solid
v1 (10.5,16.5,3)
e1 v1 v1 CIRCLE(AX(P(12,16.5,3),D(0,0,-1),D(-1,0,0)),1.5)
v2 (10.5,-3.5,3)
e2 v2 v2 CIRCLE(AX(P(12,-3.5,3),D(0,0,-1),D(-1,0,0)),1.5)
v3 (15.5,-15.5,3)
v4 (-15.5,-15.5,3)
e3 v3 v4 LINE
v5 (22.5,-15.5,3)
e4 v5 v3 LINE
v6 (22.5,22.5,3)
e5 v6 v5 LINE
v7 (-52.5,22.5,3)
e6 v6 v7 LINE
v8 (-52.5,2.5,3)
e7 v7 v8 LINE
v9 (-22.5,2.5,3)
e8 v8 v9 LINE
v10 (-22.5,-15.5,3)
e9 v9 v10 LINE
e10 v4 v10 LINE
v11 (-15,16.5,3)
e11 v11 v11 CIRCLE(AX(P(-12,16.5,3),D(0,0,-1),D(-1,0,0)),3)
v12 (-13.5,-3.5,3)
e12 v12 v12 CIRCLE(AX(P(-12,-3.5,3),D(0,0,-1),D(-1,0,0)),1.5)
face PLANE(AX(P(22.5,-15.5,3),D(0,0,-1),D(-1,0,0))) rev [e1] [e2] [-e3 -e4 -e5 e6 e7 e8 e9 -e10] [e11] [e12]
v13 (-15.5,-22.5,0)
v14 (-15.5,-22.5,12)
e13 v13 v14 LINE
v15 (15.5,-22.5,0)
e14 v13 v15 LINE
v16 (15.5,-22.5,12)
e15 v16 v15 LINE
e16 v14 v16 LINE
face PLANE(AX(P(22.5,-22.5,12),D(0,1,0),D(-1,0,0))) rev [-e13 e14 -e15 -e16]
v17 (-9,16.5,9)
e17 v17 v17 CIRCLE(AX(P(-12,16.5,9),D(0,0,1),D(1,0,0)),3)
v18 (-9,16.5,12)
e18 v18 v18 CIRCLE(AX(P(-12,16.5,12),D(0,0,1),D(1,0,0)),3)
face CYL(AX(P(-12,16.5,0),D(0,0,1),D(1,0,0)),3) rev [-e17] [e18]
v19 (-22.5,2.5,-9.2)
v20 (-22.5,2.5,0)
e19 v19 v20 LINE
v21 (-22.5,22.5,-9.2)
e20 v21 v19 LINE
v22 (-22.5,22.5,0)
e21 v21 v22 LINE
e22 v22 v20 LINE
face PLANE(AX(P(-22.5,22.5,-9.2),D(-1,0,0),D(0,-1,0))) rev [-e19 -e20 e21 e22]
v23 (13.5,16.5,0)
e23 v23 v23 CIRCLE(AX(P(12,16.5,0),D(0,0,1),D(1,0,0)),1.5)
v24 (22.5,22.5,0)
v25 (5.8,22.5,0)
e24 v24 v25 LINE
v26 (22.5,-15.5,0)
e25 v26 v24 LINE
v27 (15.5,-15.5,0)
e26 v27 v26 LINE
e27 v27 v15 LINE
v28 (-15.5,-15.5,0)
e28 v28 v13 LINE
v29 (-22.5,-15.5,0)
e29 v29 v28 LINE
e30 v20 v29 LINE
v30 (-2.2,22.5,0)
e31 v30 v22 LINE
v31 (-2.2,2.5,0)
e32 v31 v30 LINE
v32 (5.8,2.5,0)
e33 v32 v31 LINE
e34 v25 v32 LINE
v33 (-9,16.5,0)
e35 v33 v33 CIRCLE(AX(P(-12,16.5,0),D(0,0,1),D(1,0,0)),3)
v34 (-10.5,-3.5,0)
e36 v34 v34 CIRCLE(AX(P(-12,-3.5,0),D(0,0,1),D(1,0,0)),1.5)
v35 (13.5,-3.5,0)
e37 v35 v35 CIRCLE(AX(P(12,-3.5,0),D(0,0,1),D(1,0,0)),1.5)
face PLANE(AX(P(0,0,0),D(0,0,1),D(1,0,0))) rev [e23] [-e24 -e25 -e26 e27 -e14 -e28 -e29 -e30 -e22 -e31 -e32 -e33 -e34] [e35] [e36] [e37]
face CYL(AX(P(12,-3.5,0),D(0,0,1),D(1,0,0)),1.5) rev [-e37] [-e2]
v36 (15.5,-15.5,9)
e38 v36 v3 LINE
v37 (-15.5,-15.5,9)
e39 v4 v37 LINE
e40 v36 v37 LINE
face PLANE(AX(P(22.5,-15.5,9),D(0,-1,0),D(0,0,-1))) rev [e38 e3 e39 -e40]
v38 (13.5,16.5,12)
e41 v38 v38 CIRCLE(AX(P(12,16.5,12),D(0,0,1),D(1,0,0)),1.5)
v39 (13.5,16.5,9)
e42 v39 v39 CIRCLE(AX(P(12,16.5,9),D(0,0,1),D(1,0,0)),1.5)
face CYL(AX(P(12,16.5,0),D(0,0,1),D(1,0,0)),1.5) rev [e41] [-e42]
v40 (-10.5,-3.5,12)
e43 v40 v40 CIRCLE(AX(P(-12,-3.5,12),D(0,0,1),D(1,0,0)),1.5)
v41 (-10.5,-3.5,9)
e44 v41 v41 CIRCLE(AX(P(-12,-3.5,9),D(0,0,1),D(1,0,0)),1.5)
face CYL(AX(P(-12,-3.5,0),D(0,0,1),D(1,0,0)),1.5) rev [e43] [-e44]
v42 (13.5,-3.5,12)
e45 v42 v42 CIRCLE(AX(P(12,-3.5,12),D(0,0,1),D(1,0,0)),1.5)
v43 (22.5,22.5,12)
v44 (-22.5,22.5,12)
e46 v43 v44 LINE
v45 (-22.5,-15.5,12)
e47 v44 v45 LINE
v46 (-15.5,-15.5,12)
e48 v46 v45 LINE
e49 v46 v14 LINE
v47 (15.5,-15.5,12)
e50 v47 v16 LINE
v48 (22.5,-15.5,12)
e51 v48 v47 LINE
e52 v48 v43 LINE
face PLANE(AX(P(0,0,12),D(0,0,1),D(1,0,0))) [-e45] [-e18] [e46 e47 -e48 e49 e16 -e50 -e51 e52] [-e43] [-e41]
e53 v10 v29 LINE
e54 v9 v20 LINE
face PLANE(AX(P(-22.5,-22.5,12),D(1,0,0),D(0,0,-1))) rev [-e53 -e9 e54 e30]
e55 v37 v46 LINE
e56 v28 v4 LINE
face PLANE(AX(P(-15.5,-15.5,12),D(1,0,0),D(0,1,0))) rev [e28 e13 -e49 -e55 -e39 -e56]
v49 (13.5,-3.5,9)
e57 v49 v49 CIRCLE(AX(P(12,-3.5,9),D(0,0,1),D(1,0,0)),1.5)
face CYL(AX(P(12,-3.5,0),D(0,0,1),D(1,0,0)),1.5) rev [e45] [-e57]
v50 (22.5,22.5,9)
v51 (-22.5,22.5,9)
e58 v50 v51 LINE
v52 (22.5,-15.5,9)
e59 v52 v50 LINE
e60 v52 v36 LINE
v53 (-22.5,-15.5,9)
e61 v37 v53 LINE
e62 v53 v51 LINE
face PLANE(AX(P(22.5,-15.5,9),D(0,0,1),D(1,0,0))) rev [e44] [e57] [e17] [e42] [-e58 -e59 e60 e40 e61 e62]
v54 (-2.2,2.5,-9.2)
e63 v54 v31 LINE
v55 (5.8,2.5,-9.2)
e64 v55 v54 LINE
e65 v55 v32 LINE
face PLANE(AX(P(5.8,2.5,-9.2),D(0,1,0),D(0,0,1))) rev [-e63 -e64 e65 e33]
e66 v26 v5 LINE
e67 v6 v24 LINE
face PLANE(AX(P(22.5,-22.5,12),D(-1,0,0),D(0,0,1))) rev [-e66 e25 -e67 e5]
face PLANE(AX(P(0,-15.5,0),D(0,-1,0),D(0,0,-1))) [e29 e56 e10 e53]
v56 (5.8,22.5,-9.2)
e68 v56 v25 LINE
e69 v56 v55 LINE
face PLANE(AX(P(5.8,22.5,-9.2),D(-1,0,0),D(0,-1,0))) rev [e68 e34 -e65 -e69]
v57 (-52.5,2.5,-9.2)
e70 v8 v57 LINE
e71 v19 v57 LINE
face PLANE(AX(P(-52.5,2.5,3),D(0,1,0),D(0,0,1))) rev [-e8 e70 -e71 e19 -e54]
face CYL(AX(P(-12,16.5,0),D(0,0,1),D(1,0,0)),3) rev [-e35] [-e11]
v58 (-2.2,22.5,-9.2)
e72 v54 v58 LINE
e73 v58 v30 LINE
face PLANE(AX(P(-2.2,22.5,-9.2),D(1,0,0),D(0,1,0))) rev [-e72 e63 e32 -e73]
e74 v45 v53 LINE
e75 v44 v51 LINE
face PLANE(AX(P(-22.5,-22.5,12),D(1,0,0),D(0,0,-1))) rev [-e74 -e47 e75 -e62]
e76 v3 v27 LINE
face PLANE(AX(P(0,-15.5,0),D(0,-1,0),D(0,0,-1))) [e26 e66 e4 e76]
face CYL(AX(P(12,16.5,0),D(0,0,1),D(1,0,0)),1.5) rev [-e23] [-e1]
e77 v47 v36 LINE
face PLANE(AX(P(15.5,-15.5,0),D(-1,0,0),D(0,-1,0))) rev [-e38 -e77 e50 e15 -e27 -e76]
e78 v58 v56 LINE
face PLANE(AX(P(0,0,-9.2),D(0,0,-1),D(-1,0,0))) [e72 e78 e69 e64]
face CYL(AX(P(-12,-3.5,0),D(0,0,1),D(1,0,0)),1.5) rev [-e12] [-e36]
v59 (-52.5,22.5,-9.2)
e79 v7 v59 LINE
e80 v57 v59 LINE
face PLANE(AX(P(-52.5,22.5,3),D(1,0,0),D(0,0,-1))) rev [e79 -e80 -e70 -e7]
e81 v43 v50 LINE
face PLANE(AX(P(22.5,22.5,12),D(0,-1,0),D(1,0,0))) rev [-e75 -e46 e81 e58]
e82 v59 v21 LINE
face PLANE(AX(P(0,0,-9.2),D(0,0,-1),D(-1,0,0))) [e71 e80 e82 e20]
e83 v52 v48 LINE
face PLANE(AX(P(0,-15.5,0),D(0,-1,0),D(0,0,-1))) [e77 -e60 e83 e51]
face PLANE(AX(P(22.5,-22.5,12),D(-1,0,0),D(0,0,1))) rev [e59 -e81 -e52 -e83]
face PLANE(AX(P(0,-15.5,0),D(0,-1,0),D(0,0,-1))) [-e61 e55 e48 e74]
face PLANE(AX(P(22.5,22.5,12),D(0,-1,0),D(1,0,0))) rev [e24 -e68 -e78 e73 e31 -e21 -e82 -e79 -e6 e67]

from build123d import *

# Parameters (mm, degrees)
SKETCH_1_W          = 45
SKETCH_1_H          = 45
EXTRUDE_1_DEPTH     = 12
SKETCH_2_W          = 6
SKETCH_2_H          = 38
CUT_EXTRUDE_1_DEPTH = 52.722818949
SKETCH_3_R          = 3
SKETCH_3_R_2        = 1.5
CUT_EXTRUDE_2_DEPTH = 35.007352146
SKETCH_4_R          = 1.5
CUT_EXTRUDE_3_DEPTH = 35.007352146
SKETCH_6_W          = 7
SKETCH_6_H          = 12
CUT_EXTRUDE_4_DEPTH = 7
SKETCH_7_W          = 30
SKETCH_7_H          = 20
SKETCH_7_W_2        = 8
EXTRUDE_2_DEPTH     = 9.2
SKETCH_9_W          = 30
SKETCH_9_H          = 20
EXTRUDE_4_DEPTH     = 3


with BuildPart() as part:
    # 草图1 → 凸台-拉伸1 (new body)
    with BuildSketch(Plane.XY):
        Rectangle(SKETCH_1_W, SKETCH_1_H)
    extrude(amount=EXTRUDE_1_DEPTH)

    # 草图2 → 切除-拉伸1 (cut, through all)
    with BuildSketch(Plane.ZY.offset(22.5)):
        with Locations((6, 3.5)):
            Rectangle(SKETCH_2_W, SKETCH_2_H)
    extrude(amount=-CUT_EXTRUDE_1_DEPTH, mode=Mode.SUBTRACT)

    # 草图3 → 切除-拉伸2 (cut, through all)
    with BuildSketch(Plane.XY.offset(12)):
        with Locations((-12, 16.5)):
            Circle(SKETCH_3_R)
        with Locations((12, 16.5)):
            Circle(SKETCH_3_R_2)
    extrude(amount=-CUT_EXTRUDE_2_DEPTH, mode=Mode.SUBTRACT)

    # 草图4 → 切除-拉伸3 (cut, through all)
    with BuildSketch(Plane.XY.offset(12)):
        with Locations((-12, -3.5)):
            Circle(SKETCH_4_R)
        with Locations((12, -3.5)):
            Circle(SKETCH_4_R)
    extrude(amount=-CUT_EXTRUDE_3_DEPTH, mode=Mode.SUBTRACT)

    # 草图6 → 切除-拉伸4 (cut)
    with BuildSketch(Plane.XZ.offset(22.5)):
        with Locations((-19, 6)):
            Rectangle(SKETCH_6_W, SKETCH_6_H)
        with Locations((19, 6)):
            Rectangle(SKETCH_6_W, SKETCH_6_H)
    extrude(amount=-CUT_EXTRUDE_4_DEPTH, mode=Mode.SUBTRACT)

    # 草图7 → 凸台-拉伸2 (add)
    with BuildSketch(Plane(origin=(0, 0, 0), x_dir=(-1, 0, 0), z_dir=(0, 0, -1))):
        with Locations((37.5, 12.5)):
            Rectangle(SKETCH_7_W, SKETCH_7_H)
        with Locations((-1.8, 12.5)):
            Rectangle(SKETCH_7_W_2, SKETCH_7_H)
    extrude(amount=EXTRUDE_2_DEPTH)


with BuildPart() as extrude_2_piece_1:
    # of the separate pieces the step leaves, piece 1, a body of its own (extrude_2_pieces)
    add(part.part.solids().sort_by_distance((15.5, -22.5, 0))[0])



with BuildPart() as extrude_2_piece_2:
    # of the separate pieces the step leaves, piece 2, a body of its own (extrude_2_pieces)
    add(part.part.solids().sort_by_distance((-22.5, 2.5, -9.2))[0])


with BuildPart() as extrude_2_piece_1_1:
    add(extrude_2_piece_1.part)

    add(extrude_2_piece_2.part)  # 凸台-拉伸4 merges 凸台-拉伸2 piece 2
    # 草图9 → 凸台-拉伸4 (add)
    with BuildSketch(Plane.XY):
        with Locations((-37.5, 12.5)):
            Rectangle(SKETCH_9_W, SKETCH_9_H)
    extrude(amount=EXTRUDE_4_DEPTH)


solid = extrude_2_piece_1_1.part
